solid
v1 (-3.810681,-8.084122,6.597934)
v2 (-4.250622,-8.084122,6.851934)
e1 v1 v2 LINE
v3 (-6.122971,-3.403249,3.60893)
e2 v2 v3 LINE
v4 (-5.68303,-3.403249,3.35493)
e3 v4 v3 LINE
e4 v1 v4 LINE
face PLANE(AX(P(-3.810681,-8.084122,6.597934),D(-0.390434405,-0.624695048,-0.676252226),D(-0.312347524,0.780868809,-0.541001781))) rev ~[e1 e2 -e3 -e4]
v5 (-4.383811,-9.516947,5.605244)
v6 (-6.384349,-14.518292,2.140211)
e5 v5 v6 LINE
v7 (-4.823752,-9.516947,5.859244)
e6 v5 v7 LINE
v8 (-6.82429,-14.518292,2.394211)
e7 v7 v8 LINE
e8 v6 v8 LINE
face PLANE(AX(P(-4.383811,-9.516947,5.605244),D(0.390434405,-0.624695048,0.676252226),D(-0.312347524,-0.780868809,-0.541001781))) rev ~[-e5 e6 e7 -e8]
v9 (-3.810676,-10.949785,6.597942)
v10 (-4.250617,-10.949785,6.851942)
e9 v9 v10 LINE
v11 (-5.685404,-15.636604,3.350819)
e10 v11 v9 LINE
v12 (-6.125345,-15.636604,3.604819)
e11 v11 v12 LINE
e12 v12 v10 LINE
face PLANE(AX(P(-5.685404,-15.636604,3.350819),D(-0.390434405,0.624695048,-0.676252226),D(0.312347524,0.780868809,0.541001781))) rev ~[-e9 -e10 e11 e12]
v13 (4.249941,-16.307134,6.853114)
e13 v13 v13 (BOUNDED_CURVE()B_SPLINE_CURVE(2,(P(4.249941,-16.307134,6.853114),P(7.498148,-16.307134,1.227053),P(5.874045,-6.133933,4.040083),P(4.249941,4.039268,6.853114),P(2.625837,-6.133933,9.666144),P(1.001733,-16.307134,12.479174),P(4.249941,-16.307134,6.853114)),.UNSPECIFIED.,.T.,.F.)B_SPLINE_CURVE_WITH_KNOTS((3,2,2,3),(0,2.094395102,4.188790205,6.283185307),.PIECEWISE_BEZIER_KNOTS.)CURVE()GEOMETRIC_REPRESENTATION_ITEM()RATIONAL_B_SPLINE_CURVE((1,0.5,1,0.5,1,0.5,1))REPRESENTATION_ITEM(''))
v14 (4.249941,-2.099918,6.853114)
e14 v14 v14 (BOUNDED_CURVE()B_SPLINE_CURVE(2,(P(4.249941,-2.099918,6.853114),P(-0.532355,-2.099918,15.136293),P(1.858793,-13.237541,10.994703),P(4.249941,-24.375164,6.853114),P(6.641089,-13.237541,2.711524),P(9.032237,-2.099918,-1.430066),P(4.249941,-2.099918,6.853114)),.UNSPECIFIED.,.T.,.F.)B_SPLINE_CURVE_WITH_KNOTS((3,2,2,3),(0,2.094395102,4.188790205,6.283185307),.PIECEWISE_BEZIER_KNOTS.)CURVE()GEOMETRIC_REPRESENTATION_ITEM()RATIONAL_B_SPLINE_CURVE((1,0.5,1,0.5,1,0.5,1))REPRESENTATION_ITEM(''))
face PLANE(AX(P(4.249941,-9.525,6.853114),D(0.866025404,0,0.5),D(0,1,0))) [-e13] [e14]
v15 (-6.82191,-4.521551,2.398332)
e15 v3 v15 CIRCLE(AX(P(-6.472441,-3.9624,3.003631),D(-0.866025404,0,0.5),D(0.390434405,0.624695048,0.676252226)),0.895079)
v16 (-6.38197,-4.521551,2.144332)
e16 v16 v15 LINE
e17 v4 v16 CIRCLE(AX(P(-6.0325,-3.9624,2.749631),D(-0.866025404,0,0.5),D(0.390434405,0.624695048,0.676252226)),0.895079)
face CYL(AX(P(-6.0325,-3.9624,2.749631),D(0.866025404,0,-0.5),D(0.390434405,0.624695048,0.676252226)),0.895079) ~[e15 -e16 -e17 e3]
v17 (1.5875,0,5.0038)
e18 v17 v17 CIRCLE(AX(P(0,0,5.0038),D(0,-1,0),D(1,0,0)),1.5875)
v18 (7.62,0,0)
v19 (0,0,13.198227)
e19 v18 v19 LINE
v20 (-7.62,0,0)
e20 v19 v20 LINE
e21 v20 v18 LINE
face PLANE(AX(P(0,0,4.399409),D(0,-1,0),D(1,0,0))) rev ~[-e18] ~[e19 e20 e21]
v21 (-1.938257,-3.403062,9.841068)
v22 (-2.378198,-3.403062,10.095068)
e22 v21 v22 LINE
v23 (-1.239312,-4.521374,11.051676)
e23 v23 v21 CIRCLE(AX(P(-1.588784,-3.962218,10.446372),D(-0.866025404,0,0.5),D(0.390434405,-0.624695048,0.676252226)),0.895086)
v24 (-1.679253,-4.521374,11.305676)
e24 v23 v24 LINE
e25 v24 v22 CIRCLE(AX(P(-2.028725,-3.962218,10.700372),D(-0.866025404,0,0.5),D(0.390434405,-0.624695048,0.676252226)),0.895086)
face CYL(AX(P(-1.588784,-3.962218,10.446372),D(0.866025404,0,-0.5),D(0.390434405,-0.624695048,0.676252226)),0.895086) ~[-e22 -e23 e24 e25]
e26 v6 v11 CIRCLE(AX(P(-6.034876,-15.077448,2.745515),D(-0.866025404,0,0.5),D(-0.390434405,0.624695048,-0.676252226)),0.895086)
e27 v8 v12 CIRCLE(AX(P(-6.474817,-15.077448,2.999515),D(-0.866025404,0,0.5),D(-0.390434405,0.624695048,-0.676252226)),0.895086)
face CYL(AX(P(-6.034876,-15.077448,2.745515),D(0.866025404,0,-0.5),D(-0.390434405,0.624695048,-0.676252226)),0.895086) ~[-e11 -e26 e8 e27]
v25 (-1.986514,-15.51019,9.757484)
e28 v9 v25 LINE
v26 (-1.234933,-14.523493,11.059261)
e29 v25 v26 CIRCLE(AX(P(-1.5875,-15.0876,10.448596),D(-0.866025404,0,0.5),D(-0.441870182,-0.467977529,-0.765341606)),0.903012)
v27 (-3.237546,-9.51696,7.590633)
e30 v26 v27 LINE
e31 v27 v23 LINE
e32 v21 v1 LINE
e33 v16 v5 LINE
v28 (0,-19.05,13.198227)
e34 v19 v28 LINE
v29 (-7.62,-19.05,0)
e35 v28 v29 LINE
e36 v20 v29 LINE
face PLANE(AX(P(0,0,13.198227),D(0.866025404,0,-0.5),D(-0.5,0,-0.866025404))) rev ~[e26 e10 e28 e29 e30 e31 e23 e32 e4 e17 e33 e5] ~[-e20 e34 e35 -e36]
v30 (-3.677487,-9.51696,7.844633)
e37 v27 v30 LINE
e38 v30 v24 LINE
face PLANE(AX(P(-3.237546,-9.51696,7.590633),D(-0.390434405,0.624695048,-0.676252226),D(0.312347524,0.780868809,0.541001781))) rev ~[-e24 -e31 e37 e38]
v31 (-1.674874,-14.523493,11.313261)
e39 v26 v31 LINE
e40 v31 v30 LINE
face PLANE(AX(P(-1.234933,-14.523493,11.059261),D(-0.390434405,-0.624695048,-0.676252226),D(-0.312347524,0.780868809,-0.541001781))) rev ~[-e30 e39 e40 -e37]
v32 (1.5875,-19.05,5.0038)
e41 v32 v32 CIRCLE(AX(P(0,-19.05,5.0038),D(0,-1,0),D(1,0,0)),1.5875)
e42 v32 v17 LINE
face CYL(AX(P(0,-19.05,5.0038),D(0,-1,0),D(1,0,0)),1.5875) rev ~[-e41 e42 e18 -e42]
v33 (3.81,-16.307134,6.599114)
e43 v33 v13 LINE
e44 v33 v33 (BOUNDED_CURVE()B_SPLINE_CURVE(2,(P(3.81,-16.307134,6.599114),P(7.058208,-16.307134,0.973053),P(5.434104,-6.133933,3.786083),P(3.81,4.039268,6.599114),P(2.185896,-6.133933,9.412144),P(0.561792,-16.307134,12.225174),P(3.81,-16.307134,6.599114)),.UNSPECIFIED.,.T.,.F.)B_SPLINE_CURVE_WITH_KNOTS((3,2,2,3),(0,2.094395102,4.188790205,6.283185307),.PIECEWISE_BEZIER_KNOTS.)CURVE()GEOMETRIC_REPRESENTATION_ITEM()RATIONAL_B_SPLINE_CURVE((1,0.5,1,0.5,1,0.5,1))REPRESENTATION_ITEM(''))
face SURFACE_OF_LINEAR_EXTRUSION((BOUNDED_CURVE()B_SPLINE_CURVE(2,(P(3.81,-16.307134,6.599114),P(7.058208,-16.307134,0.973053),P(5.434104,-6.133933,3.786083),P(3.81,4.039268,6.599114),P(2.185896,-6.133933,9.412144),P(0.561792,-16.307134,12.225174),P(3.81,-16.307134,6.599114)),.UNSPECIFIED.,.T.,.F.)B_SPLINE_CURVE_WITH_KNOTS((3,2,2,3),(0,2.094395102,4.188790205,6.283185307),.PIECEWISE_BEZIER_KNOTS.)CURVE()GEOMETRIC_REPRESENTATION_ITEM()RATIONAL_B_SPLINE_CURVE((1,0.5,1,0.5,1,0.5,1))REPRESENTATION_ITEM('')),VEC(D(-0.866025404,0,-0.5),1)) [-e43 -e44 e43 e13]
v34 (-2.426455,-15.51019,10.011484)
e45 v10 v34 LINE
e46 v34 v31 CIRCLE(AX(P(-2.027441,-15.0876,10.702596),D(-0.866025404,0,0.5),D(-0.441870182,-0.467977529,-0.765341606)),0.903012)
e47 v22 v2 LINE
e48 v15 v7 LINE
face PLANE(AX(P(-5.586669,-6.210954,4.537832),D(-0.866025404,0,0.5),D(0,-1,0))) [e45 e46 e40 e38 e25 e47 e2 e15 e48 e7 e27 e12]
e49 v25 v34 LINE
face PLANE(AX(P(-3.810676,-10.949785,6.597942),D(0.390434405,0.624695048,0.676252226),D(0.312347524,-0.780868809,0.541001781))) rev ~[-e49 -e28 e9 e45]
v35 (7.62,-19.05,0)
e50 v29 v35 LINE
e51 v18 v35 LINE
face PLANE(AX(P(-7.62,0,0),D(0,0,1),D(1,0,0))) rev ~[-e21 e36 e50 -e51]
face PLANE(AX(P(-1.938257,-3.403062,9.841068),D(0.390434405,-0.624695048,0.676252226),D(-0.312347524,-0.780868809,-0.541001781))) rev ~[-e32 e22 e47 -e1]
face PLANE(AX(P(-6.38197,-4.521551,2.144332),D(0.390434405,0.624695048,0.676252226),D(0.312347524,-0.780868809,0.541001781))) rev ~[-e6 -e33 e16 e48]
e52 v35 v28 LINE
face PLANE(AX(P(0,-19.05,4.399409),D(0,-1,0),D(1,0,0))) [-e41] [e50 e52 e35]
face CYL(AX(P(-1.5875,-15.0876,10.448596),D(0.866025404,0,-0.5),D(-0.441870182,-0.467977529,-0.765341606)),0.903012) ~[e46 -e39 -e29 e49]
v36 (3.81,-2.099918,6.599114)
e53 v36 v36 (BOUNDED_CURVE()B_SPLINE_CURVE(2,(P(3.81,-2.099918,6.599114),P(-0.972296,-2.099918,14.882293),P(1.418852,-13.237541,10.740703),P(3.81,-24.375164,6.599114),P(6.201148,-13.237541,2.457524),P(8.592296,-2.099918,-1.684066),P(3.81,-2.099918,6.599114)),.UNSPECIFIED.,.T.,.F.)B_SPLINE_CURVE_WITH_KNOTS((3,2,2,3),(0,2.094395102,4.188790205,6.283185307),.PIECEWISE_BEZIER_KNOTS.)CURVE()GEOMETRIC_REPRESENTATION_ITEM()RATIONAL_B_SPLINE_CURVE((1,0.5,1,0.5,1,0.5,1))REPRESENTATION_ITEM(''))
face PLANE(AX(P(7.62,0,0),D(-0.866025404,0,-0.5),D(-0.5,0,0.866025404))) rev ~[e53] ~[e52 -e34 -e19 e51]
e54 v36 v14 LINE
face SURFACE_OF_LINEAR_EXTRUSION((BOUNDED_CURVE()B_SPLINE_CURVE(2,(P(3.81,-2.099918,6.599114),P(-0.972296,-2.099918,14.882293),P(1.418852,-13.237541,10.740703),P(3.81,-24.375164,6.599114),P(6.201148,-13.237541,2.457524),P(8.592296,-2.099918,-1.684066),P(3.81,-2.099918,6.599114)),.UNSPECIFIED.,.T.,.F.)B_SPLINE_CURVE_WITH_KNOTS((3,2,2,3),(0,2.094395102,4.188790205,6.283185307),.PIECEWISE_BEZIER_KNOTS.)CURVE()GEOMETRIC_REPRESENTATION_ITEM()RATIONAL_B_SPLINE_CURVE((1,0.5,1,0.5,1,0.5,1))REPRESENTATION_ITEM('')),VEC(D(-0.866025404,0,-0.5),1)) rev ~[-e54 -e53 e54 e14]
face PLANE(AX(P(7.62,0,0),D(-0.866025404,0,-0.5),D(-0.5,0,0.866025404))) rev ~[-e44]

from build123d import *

# Parameters (mm, degrees)
F1_DEPTH = 19.05
F4_DEPTH = 0.508
F6_DEPTH = 0.508
F7_R     = 1.5875
F8_DEPTH = 25.4


with BuildPart() as f1:
    # F0 (on Front) → F1 (new body)
    with BuildSketch(Plane.XZ):
        Polygon((0, 13.1982271537), (-7.62, 0), (7.62, 0), align=None)
    extrude(amount=F1_DEPTH)

    # F2 (on face) → F4 (join)
    with BuildSketch(Plane(origin=(5.715, 0, 3.2995567884), x_dir=(0, 1, 0), z_dir=(0.8660254038, 0, 0.5))):
        with BuildLine():
            add(Edge.make_bspline(
                [(-2.0999179687, 3.81), (-2.0999179687, 13.3745915526), (-13.2375410156, 8.5922957763), (-24.3751640625, 3.81), (-13.2375410156, -0.9722957763), (-2.0999179687, -5.7545915526), (-2.0999179687, 3.81)],
                knots=[0, 0, 0, 2.0943951024, 2.0943951024, 4.1887902048, 4.1887902048, 6.2831853072, 6.2831853072, 6.2831853072], degree=2, weights=[1, 0.5, 1, 0.5, 1, 0.5, 1]))
        make_face()
        with BuildLine():
            add(Edge.make_bspline(
                [(-16.3071341813, 3.81), (-16.3071341813, -2.6864151896), (-6.1339329094, 0.5617924052), (4.0392683625, 3.81), (-6.1339329094, 7.0582075948), (-16.3071341813, 10.3064151896), (-16.3071341813, 3.81)],
                knots=[0, 0, 0, 2.0943951024, 2.0943951024, 4.1887902048, 4.1887902048, 6.2831853072, 6.2831853072, 6.2831853072], degree=2, weights=[1, 0.5, 1, 0.5, 1, 0.5, 1]))
        make_face(mode=Mode.SUBTRACT)
    extrude(amount=F4_DEPTH)

    # F5 (on face) → F6 (join)
    with BuildSketch(Plane(origin=(-5.715, 0, 3.2995567884), x_dir=(0, -1, 0), z_dir=(-0.8660254038, 0, 0.5))):
        with BuildLine():
            Line((9.5169473699, 2.6623777802), (8.0841222252, 3.8086378959))
            Line((8.0841222252, 3.8086378959), (3.403248724, 0.063939095))
            ThreePointArc((3.403248724, 0.063939095), (3.263460905, -1.194151276), (4.521551276, -1.333939095))
            Line((4.521551276, -1.333939095), (9.5169473699, 2.6623777802))
        make_face()
        with BuildLine():
            Line((15.6366038973, 0.0591923716), (10.9497847532, 3.8086476868))
            Line((10.9497847532, 3.8086476868), (9.5169473699, 2.6623777802))
            Line((9.5169473699, 2.6623777802), (14.5182917932, -1.3386977585))
            ThreePointArc((14.5182917932, -1.3386977585), (15.7763929103, -1.1989087455), (15.6366038973, 0.0591923716))
        make_face()
        with BuildLine():
            Line((14.5234926265, 8.9601342169), (9.5169596085, 4.9549078026))
            Line((9.5169596085, 4.9549078026), (10.9497847532, 3.8086476868))
            Line((10.9497847532, 3.8086476868), (15.5101895109, 7.456971493))
            ThreePointArc((15.5101895109, 7.456971493), (15.8425048748, 8.7505300422), (14.5234926265, 8.9601342169))
        make_face()
        with BuildLine():
            Line((9.5169596085, 4.9549078026), (4.5213740072, 8.9513762837))
            ThreePointArc((4.5213740072, 8.9513762837), (3.2632728901, 8.8115872707), (3.4030619031, 7.5534861536))
            Line((3.4030619031, 7.5534861536), (8.0841222252, 3.8086378959))
            Line((8.0841222252, 3.8086378959), (9.5169596085, 4.9549078026))
        make_face()
        Polygon((10.9497847532, 3.8086476868), (9.5169596085, 4.9549078026), (8.0841222252, 3.8086378959), (9.5169473699, 2.6623777802), align=None)
    extrude(amount=F6_DEPTH)

    # F7 (on face) → F8 (cut)
    with BuildSketch(Plane.XZ.offset(19.05)):
        with Locations((0, 5.0038)):
            Circle(F7_R)
    extrude(amount=-F8_DEPTH, mode=Mode.SUBTRACT)


solid = f1.part
